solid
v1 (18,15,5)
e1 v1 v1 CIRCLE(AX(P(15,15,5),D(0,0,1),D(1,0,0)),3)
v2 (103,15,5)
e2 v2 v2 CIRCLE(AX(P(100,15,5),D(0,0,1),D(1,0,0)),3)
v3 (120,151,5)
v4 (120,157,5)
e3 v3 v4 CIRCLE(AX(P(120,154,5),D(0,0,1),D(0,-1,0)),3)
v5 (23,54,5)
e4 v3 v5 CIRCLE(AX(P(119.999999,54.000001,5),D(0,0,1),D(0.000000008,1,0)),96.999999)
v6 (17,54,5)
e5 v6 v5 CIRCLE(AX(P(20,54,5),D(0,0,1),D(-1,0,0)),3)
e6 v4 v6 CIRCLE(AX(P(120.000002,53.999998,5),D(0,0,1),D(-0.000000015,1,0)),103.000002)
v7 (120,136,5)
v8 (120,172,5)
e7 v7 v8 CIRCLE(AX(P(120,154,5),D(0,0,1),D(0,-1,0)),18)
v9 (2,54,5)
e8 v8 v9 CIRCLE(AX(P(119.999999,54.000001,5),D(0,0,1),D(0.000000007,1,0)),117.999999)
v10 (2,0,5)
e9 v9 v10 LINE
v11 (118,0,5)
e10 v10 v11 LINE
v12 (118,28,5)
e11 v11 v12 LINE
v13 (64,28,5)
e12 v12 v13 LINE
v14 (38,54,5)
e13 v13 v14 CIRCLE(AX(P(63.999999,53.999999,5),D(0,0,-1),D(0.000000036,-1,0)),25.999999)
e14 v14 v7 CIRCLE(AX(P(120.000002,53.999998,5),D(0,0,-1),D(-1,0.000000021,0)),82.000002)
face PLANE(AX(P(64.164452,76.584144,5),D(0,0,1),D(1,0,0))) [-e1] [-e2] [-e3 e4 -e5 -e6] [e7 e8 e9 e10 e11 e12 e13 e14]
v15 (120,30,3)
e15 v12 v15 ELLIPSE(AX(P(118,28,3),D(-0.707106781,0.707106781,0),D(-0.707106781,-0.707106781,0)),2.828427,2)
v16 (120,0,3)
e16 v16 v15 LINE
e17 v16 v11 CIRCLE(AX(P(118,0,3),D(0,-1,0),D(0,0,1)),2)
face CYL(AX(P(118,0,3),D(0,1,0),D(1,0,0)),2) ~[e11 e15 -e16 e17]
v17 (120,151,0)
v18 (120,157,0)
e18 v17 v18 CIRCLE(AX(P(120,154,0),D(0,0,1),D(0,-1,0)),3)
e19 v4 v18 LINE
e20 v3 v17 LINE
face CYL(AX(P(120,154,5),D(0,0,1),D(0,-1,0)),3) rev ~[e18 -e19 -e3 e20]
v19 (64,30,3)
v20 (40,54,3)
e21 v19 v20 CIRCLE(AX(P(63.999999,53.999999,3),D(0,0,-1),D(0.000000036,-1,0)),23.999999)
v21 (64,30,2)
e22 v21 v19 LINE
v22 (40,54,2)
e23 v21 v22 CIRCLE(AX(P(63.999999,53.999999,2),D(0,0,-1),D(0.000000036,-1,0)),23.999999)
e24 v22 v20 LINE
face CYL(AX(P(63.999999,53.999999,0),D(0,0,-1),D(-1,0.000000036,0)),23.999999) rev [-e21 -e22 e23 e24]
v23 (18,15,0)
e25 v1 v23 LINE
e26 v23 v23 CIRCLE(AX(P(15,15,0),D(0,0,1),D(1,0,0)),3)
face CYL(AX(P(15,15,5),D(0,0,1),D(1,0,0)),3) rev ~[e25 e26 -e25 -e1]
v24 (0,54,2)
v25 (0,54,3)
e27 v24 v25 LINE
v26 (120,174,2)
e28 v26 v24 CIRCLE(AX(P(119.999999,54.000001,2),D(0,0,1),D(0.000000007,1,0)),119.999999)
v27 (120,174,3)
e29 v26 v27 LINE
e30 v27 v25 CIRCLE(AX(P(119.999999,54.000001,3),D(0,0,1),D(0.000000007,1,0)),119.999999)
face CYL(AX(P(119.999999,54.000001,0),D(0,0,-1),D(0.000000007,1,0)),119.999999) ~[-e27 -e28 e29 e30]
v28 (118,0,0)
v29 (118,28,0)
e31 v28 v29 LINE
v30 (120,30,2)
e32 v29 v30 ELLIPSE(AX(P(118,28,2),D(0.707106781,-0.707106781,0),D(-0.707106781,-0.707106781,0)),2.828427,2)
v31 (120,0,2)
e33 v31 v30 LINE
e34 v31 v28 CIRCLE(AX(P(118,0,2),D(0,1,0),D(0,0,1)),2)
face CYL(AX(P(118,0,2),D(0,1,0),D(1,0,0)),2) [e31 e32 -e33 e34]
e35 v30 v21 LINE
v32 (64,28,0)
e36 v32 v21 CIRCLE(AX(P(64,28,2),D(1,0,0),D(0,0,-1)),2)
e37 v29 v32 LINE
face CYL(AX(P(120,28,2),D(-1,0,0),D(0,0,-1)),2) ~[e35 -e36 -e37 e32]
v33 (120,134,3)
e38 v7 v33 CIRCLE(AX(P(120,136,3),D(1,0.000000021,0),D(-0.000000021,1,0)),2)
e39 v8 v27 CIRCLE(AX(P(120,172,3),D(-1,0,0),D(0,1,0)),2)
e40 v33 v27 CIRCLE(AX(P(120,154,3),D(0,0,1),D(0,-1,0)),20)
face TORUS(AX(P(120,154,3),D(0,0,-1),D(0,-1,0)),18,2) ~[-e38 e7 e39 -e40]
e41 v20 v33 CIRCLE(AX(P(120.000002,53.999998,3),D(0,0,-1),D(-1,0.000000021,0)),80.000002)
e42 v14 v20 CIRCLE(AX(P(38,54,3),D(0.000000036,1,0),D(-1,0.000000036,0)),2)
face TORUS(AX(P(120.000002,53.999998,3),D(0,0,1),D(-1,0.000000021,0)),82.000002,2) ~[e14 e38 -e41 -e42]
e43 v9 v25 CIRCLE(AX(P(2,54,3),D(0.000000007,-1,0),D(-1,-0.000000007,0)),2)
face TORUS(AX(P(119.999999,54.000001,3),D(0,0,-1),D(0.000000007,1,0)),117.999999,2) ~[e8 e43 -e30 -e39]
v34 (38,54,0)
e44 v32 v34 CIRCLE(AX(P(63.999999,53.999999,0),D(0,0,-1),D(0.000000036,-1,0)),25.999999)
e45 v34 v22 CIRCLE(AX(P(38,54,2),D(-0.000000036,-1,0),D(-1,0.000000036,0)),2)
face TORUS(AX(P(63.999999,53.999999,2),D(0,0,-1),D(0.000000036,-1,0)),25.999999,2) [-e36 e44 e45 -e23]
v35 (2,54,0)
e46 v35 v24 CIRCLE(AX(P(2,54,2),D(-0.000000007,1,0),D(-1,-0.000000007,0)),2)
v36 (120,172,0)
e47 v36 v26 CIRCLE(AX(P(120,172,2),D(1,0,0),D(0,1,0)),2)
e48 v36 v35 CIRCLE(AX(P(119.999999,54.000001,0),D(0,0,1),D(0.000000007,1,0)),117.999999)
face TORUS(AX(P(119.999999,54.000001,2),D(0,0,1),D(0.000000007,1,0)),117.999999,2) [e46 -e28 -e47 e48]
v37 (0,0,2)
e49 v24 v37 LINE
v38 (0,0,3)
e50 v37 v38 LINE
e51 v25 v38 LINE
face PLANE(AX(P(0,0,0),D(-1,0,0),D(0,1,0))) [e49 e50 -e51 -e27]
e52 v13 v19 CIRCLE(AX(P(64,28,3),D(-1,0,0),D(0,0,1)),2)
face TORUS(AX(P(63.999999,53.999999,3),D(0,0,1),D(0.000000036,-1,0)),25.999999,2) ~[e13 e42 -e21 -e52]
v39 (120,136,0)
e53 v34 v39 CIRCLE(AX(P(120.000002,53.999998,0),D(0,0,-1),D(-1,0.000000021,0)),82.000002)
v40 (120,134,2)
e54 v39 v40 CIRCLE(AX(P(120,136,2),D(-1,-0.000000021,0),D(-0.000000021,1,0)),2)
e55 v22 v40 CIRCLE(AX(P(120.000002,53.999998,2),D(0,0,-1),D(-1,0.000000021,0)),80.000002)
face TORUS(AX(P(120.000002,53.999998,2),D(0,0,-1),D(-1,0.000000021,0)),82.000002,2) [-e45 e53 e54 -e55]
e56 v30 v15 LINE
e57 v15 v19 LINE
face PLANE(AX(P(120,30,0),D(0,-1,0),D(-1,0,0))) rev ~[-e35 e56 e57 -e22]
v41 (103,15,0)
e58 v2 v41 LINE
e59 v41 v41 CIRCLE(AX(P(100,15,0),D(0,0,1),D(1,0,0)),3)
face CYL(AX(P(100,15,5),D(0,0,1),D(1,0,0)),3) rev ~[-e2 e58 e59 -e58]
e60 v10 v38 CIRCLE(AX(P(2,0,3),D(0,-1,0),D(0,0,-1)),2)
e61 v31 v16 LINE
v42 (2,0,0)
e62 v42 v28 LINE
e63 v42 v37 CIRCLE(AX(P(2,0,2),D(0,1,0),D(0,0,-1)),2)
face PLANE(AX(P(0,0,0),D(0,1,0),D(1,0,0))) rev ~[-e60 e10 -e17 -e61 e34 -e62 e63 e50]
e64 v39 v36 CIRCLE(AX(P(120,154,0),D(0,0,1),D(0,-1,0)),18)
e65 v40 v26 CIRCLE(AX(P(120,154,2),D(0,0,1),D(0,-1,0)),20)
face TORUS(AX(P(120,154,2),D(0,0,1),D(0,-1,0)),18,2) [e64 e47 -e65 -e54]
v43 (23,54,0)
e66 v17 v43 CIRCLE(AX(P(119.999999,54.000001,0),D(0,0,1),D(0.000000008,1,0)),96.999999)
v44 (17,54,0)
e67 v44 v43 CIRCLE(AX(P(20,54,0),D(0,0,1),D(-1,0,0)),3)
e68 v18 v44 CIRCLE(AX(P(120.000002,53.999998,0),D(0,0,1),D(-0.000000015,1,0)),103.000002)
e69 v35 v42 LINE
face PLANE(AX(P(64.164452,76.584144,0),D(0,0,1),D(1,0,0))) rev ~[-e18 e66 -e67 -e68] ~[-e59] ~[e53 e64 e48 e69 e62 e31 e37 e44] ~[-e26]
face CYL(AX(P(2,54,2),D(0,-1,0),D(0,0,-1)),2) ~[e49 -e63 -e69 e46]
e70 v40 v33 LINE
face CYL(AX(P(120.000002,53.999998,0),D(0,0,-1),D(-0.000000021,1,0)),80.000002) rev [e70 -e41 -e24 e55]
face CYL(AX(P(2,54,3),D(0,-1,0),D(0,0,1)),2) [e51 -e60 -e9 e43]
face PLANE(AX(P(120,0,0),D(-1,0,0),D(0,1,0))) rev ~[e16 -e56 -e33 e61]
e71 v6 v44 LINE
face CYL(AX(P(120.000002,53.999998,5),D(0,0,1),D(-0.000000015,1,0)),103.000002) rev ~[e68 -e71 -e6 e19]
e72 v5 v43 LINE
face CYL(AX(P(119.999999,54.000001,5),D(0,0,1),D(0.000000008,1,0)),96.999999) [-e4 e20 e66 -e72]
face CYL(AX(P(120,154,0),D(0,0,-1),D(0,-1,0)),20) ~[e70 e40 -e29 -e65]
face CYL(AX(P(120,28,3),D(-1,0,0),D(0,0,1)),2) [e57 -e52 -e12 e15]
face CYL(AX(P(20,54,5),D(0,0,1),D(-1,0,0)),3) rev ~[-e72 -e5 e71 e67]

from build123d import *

# Parameters (mm, degrees)
PAD_DEPTH    = 5
SKETCH001_R  = 3
HOLE_DEPTH   = 5.001
POCKET_DEPTH = 5.001
FILLET_R     = 2


with BuildPart() as part:
    # Sketch → Pad (new body)
    with BuildSketch(Plane.XY):
        with BuildLine():
            Line((0, 0), (120, 0))
            Line((120, 0), (120, 30))
            Line((120, 30), (64, 30))
            ThreePointArc((40, 54), (47.029437, 37.029437), (64, 30))
            ThreePointArc((120, 134), (63.431458, 110.568542), (40, 54))
            ThreePointArc((120, 134), (140, 154), (120, 174))
            ThreePointArc((120, 174), (35.147186, 138.852814), (0, 54))
            Line((0, 0), (0, 54))
        make_face()
    extrude(amount=PAD_DEPTH)

    # Sketch001 (on Face10 of Pad) → Hole (cut, through all)
    with BuildSketch(Plane.XY.offset(5)):
        with Locations((15, 15)):
            Circle(SKETCH001_R)
        with Locations((100, 15)):
            Circle(SKETCH001_R)
    extrude(amount=-HOLE_DEPTH, mode=Mode.SUBTRACT)

    # Sketch002 (on Face5 of Hole) → Pocket (cut, through all)
    with BuildSketch(Plane.XY.offset(5)):
        with BuildLine():
            ThreePointArc((120, 157), (47.168002, 126.831998), (17, 54))
            ThreePointArc((17, 54), (20, 51), (23, 54))
            ThreePointArc((120, 151), (51.410642, 122.589358), (23, 54))
            ThreePointArc((120, 151), (123, 154), (120, 157))
        make_face()
    extrude(amount=-POCKET_DEPTH, mode=Mode.SUBTRACT)

    # Fillet
    fillet_edges = [part.edges().sort_by_distance(p)[0] for p in [
        (92, 30, 5),
        (92, 30, 0),
        (47.029437, 37.029437, 5),
        (63.431458, 110.568542, 5),
        (140, 154, 5),
        (35.147186, 138.852814, 5),
        (0, 27, 5),
        (47.029437, 37.029437, 0),
        (63.431458, 110.568542, 0),
        (140, 154, 0),
        (35.147186, 138.852814, 0),
        (0, 27, 0),
        (120, 15, 0),
        (120, 15, 5),
    ]]
    fillet(fillet_edges, radius=FILLET_R)


solid = part.part
